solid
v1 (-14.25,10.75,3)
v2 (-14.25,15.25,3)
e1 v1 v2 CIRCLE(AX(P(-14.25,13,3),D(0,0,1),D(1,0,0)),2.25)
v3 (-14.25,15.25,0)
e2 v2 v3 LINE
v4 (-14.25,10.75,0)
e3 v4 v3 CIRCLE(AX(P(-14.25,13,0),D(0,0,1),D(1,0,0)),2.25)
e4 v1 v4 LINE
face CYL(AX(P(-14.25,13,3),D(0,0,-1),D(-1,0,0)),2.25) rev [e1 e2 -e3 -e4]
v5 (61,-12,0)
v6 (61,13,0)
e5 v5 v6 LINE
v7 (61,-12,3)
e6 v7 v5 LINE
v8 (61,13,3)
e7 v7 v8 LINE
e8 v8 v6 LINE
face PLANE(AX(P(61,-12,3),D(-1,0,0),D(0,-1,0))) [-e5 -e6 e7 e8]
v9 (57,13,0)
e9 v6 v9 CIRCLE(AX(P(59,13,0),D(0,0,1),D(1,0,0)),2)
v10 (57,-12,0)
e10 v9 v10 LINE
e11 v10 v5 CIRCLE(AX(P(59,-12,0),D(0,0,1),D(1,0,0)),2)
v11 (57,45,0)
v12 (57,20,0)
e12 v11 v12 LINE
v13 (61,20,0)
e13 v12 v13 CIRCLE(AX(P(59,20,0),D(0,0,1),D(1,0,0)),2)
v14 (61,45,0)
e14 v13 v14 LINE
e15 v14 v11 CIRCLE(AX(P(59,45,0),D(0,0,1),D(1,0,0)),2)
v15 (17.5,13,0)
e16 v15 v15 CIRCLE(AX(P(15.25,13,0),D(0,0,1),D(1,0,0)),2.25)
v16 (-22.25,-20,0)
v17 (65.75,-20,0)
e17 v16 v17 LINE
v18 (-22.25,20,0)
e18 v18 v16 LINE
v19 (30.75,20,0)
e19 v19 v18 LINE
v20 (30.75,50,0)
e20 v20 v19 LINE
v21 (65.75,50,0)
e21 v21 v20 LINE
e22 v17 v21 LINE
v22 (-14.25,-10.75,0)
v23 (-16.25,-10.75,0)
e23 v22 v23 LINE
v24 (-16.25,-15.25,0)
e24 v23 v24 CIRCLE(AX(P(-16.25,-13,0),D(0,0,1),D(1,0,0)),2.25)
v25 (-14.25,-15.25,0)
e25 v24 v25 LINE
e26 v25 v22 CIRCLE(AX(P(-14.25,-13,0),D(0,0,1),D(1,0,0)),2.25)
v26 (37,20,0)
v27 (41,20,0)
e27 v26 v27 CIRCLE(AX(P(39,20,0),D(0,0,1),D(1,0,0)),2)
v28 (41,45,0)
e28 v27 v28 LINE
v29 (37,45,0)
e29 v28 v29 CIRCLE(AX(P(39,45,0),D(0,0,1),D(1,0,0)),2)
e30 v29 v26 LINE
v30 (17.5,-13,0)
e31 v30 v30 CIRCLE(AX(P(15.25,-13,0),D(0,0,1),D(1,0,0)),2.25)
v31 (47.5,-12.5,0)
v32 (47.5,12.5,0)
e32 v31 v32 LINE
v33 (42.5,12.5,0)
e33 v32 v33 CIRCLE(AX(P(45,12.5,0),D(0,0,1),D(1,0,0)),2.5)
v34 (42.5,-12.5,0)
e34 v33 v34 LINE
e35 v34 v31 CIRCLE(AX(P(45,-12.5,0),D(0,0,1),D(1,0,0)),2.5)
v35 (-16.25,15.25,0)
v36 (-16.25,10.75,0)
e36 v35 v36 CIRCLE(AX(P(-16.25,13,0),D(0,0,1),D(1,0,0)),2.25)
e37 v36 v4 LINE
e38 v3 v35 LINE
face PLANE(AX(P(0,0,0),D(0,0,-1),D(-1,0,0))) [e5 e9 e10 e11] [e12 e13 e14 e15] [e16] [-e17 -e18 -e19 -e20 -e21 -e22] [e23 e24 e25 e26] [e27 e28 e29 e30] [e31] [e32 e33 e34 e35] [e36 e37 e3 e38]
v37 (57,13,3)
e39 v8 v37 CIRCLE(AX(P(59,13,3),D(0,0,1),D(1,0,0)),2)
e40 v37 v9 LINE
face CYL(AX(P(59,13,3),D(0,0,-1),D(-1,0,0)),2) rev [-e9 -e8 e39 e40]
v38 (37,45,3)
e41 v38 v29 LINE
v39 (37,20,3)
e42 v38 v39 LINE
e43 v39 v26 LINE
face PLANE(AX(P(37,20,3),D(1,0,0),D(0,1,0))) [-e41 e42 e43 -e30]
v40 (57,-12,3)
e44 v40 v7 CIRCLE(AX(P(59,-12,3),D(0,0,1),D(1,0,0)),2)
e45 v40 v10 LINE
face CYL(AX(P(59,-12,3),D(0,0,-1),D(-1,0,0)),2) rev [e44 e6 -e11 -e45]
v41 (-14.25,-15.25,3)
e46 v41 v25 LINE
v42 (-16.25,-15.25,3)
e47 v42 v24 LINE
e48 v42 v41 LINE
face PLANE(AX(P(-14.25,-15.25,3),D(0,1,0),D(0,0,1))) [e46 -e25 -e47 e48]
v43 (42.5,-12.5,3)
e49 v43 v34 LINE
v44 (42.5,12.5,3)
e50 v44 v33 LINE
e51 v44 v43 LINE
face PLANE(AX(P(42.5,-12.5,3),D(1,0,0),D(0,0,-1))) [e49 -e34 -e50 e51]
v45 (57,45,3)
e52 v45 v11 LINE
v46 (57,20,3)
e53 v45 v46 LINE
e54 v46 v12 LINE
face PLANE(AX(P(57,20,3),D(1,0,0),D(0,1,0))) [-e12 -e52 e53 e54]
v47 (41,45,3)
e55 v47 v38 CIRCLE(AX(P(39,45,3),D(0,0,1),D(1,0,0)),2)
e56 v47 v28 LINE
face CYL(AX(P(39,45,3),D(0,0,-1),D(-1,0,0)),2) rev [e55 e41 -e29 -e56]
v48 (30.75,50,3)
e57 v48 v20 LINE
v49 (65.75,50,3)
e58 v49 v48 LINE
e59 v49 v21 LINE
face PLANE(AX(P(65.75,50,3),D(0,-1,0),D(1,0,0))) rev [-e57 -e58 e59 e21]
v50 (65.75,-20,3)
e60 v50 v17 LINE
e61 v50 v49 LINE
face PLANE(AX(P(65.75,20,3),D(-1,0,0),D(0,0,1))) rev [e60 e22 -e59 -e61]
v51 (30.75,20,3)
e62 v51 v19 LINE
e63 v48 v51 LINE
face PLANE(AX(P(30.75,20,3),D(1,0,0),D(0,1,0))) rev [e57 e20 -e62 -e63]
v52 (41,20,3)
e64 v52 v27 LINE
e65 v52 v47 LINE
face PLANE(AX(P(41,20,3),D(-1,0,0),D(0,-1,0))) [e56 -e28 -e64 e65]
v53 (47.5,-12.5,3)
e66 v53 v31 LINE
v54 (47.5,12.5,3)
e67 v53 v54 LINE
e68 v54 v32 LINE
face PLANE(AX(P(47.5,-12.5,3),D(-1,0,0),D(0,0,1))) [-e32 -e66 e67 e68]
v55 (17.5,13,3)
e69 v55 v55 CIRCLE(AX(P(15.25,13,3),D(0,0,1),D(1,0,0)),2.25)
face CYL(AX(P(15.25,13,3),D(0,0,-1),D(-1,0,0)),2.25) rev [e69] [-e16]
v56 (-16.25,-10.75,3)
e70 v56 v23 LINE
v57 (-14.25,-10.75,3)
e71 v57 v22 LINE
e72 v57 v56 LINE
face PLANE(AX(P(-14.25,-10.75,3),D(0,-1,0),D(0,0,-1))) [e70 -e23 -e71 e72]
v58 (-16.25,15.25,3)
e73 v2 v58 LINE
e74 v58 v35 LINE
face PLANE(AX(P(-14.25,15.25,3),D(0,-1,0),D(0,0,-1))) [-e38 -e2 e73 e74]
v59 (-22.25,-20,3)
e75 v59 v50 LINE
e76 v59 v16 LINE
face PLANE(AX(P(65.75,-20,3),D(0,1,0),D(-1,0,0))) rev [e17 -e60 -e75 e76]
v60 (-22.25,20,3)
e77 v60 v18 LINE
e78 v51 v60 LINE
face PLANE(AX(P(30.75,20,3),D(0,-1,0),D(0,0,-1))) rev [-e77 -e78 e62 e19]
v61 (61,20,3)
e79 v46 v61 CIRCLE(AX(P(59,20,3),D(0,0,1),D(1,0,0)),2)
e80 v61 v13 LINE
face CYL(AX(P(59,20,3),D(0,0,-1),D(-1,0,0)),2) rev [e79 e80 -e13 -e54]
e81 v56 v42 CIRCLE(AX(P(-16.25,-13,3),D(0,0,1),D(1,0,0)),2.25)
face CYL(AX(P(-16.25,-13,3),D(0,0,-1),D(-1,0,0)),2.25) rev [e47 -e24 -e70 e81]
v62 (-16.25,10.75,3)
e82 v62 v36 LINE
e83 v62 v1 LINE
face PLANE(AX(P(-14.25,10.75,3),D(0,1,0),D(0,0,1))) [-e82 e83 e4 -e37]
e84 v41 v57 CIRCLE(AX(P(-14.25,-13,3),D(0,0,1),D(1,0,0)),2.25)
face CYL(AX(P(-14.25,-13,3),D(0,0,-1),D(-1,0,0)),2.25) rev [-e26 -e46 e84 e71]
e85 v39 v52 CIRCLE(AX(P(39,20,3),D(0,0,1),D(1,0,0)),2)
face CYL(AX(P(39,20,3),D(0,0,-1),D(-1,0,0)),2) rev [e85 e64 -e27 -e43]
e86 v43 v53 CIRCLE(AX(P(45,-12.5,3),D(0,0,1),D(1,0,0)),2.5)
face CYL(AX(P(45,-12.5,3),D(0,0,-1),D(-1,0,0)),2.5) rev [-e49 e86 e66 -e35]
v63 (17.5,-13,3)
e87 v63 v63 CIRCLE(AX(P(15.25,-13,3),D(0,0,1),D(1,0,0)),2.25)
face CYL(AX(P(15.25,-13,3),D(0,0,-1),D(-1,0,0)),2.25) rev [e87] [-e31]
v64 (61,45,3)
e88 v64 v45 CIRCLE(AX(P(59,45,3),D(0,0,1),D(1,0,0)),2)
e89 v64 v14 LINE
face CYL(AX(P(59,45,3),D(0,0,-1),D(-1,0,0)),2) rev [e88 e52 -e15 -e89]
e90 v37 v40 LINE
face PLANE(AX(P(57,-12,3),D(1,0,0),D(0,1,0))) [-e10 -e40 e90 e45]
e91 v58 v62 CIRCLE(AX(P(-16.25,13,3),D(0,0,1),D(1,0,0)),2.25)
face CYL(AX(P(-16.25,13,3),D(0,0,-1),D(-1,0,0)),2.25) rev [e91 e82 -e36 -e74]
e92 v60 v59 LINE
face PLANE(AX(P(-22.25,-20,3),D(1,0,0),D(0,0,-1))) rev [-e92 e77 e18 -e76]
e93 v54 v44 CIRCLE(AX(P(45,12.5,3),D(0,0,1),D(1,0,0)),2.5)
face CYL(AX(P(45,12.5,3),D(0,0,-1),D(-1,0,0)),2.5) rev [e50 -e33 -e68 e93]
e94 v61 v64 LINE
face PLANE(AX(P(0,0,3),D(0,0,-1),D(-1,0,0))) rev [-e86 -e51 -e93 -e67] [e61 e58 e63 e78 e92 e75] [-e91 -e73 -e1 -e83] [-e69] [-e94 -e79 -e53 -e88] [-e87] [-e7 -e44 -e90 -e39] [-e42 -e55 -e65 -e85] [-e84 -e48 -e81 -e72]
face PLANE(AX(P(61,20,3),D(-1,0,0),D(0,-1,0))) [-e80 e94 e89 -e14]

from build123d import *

# Parameters (mm, degrees)
SKETCH_1_R      = 2.25
EXTRUDE_1_DEPTH = 3


with BuildPart() as part:
    # 草图1 → 凸台-拉伸1 (new body)
    with BuildSketch(Plane.XY):
        Polygon((65.75, -20), (-22.25, -20), (-22.25, 20), (30.75, 20), (30.75, 50), (65.75, 50), (65.75, 20), align=None)
        with Locations((15.25, 13)):
            Circle(SKETCH_1_R, mode=Mode.SUBTRACT)
        with Locations((15.25, -13)):
            Circle(SKETCH_1_R, mode=Mode.SUBTRACT)
        with BuildLine():
            Line((-14.25, 10.75), (-16.25, 10.75))
            ThreePointArc((-16.25, 10.75), (-18.5, 13), (-16.25, 15.25))
            Line((-16.25, 15.25), (-14.25, 15.25))
            ThreePointArc((-14.25, 15.25), (-12, 13), (-14.25, 10.75))
        make_face(mode=Mode.SUBTRACT)
        with BuildLine():
            Line((-14.25, -15.25), (-16.25, -15.25))
            ThreePointArc((-16.25, -15.25), (-18.5, -13), (-16.25, -10.75))
            Line((-16.25, -10.75), (-14.25, -10.75))
            ThreePointArc((-14.25, -10.75), (-12, -13), (-14.25, -15.25))
        make_face(mode=Mode.SUBTRACT)
        with BuildLine():
            Line((42.5, -12.5), (42.5, 12.5))
            ThreePointArc((42.5, 12.5), (45, 15), (47.5, 12.5))
            Line((47.5, 12.5), (47.5, -12.5))
            ThreePointArc((47.5, -12.5), (45, -15), (42.5, -12.5))
        make_face(mode=Mode.SUBTRACT)
        with BuildLine():
            Line((57, 20), (57, 45))
            ThreePointArc((57, 45), (59, 47), (61, 45))
            Line((61, 45), (61, 20))
            ThreePointArc((61, 20), (59, 18), (57, 20))
        make_face(mode=Mode.SUBTRACT)
        with BuildLine():
            Line((61, -12), (61, 13))
            ThreePointArc((61, 13), (59, 15), (57, 13))
            Line((57, 13), (57, -12))
            ThreePointArc((57, -12), (59, -14), (61, -12))
        make_face(mode=Mode.SUBTRACT)
        with BuildLine():
            Line((41, 20), (41, 45))
            ThreePointArc((41, 45), (39, 47), (37, 45))
            Line((37, 45), (37, 20))
            ThreePointArc((37, 20), (39, 18), (41, 20))
        make_face(mode=Mode.SUBTRACT)
    extrude(amount=EXTRUDE_1_DEPTH)


solid = part.part
